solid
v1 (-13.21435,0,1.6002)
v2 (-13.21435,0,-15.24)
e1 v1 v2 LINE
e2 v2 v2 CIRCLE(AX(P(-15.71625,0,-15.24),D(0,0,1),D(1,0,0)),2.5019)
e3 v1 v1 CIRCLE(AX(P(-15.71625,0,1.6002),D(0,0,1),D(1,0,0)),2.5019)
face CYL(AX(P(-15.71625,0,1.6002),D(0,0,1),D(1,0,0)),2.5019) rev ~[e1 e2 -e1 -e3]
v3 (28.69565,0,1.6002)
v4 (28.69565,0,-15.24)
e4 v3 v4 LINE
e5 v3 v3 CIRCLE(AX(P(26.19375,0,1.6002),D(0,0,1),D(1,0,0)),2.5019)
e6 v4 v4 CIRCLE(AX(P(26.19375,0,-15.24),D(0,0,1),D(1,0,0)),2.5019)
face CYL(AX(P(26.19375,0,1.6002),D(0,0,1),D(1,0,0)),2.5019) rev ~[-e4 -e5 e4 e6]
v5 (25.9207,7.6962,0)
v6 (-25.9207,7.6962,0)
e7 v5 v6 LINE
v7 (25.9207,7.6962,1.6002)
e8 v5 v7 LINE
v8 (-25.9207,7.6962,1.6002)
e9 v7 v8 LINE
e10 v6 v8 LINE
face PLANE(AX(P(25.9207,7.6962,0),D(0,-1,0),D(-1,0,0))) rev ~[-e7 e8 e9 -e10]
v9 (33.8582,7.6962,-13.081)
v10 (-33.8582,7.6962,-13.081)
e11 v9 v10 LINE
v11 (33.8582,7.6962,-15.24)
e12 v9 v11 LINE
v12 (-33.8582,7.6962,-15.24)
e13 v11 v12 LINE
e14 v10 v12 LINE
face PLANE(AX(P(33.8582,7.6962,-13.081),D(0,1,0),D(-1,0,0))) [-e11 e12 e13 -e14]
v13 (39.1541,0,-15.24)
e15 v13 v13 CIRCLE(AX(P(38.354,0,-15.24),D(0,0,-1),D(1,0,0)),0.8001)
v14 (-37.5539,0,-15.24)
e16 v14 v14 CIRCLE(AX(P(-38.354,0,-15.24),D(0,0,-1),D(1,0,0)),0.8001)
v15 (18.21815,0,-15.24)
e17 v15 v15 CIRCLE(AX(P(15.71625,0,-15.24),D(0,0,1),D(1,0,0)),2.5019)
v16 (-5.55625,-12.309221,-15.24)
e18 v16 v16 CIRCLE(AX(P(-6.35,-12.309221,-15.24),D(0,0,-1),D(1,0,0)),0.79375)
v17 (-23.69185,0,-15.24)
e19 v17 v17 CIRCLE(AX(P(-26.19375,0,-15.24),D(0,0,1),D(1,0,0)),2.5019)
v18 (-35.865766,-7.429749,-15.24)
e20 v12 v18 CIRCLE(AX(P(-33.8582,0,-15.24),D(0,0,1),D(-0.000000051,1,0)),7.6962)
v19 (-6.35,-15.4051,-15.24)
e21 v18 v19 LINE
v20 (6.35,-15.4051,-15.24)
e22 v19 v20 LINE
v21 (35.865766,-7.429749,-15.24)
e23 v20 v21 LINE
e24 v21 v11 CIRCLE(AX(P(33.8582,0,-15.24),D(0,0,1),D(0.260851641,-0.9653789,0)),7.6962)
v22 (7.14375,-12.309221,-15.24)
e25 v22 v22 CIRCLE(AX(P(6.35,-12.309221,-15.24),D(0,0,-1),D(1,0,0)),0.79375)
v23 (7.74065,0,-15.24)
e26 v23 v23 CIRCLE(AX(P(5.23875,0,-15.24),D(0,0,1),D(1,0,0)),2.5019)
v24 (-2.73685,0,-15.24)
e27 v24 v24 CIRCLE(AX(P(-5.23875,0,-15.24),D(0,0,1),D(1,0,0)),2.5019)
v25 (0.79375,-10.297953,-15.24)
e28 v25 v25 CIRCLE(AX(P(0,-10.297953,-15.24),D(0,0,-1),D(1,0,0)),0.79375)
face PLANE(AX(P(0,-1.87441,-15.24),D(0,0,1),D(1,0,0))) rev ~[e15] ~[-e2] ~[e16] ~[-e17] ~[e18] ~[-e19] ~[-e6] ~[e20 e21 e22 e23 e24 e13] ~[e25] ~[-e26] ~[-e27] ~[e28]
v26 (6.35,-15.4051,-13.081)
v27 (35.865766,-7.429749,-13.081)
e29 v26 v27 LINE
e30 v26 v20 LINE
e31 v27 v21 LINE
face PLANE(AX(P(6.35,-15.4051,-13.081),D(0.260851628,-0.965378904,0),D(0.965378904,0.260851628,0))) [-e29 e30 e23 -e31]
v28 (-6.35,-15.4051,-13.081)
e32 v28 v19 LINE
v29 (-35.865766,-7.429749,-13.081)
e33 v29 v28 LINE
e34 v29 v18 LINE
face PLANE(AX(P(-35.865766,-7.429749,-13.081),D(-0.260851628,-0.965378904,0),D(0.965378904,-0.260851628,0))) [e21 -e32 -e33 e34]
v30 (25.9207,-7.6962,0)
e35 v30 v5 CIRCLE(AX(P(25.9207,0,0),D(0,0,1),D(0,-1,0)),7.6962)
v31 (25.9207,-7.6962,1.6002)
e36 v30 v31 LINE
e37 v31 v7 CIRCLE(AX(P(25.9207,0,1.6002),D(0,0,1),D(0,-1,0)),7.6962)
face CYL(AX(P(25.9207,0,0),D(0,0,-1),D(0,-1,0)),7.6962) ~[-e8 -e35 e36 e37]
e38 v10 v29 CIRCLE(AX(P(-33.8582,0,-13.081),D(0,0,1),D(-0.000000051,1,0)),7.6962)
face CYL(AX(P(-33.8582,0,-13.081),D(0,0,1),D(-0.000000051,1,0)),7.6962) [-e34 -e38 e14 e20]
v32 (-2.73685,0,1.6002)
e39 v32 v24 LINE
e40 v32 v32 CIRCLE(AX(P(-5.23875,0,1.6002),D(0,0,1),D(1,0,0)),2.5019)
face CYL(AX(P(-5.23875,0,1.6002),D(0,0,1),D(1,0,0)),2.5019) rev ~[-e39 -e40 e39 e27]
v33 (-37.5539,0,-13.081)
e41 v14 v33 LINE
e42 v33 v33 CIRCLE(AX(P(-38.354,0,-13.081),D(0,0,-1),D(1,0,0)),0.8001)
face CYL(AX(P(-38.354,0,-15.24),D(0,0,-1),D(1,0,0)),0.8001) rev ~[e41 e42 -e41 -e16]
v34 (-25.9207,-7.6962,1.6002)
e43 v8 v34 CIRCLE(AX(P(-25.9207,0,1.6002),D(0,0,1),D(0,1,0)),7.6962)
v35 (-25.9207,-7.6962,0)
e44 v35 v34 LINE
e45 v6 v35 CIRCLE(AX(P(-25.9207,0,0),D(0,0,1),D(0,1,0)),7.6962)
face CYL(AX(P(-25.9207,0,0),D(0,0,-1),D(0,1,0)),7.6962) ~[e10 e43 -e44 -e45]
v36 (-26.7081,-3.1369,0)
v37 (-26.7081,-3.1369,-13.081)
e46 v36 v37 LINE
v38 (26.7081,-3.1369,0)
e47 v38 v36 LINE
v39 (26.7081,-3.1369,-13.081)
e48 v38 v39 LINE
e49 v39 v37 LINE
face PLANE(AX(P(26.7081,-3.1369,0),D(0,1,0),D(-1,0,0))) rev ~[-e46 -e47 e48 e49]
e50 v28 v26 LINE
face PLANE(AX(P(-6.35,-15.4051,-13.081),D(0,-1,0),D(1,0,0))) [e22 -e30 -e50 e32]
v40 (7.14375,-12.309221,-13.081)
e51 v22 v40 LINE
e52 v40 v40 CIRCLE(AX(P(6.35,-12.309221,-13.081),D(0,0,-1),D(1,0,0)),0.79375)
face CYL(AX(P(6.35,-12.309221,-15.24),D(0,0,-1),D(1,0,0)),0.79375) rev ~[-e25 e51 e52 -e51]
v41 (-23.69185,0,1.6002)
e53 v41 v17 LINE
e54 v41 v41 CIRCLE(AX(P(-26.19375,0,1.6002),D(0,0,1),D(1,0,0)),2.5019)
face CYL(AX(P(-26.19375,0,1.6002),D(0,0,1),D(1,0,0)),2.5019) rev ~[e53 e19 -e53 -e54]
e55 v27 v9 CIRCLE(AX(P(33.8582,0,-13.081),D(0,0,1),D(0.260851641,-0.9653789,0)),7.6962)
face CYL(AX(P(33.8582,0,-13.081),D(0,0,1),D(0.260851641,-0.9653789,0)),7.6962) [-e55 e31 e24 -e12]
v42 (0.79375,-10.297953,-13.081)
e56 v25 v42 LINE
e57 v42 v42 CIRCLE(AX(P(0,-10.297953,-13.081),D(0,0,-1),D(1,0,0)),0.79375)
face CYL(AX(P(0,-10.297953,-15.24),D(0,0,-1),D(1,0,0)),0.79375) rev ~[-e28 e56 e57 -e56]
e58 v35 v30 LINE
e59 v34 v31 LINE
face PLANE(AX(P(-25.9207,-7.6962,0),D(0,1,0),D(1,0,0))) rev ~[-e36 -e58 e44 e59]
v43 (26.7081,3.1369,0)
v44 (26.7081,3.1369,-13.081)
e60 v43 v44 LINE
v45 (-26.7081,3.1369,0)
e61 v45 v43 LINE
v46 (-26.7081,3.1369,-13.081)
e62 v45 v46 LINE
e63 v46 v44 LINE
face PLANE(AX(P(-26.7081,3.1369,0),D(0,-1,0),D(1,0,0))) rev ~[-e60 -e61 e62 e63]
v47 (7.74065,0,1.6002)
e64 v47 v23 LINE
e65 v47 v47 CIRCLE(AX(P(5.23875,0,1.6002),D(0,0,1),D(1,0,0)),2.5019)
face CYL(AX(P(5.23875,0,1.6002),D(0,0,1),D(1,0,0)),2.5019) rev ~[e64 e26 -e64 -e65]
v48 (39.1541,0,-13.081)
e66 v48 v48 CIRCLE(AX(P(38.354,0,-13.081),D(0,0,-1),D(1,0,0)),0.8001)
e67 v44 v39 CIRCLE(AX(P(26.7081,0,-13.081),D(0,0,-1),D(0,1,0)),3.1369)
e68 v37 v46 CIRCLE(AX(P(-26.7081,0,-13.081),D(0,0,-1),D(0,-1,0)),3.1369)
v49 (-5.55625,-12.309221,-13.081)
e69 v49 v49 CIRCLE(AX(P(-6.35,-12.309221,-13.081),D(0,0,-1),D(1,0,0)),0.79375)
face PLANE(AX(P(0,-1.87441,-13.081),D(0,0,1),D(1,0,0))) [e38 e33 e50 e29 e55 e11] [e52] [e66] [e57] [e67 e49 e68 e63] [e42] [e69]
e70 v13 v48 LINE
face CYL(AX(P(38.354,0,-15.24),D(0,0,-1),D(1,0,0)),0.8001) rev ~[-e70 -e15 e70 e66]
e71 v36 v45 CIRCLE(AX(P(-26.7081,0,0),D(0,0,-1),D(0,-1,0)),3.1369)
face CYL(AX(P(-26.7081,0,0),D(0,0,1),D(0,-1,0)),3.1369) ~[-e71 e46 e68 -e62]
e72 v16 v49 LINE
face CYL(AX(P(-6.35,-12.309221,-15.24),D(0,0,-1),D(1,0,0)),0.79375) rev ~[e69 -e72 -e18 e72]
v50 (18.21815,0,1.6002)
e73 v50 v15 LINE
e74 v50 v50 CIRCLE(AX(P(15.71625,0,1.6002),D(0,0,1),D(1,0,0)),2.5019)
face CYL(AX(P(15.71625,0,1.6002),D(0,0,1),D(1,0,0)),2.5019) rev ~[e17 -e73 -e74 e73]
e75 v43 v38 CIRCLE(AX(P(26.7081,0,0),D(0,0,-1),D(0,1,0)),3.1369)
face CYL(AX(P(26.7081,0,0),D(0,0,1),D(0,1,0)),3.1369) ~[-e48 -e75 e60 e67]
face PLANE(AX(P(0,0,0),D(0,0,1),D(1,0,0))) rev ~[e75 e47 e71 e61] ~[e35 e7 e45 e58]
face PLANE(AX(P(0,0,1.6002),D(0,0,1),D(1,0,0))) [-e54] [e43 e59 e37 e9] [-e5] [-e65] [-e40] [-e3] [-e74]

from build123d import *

# Parameters (mm, degrees)
F1_DEPTH  = 1.6002
F4_DEPTH  = 2.159
F6_DEPTH  = 13.081
F7_R      = 2.5019
F8_DEPTH  = 16.8412
F9_R      = 0.8001
F9_R_2    = 0.79375
F10_DEPTH = 16.8412


with BuildPart() as f1:
    # F0 (on Top) → F1 (new body)
    with BuildSketch(Plane.XY):
        with BuildLine():
            Line((1.433722, 7.6962), (-1.433722, 7.6962))
            Line((-1.433722, 7.6962), (-25.9207, 7.6962))
            ThreePointArc((-25.9207, 7.6962), (-33.6169, 0), (-25.9207, -7.6962))
            Line((-25.9207, -7.6962), (-1.433722, -7.6962))
            Line((-1.433722, -7.6962), (1.433722, -7.6962))
            Line((1.433722, -7.6962), (25.9207, -7.6962))
            ThreePointArc((25.9207, -7.6962), (33.6169, 0), (25.9207, 7.6962))
            Line((25.9207, 7.6962), (1.433722, 7.6962))
        make_face()
    extrude(amount=F1_DEPTH)



with BuildPart() as f4:
    # F3 (on offset) → F4 (new body)
    with BuildSketch(Plane.XY.offset(-13.081)):
        with BuildLine():
            Line((-35.865766, -7.429749), (-6.35, -15.4051))
            Line((-6.35, -15.4051), (6.35, -15.4051))
            Line((6.35, -15.4051), (35.865766, -7.429749))
            ThreePointArc((35.865766, -7.429749), (41.487496, 1.012586), (33.8582, 7.6962))
            Line((33.8582, 7.6962), (0, 7.6962))
            Line((0, 7.6962), (-33.8582, 7.6962))
            ThreePointArc((-33.8582, 7.6962), (-41.487496, 1.012586), (-35.865766, -7.429749))
        make_face()
    extrude(amount=-F4_DEPTH)


with BuildPart() as f1_1:
    add(f1.part)

    add(f4.part)  # F6 merges F4
    # F5 (on face) → F6 (join, through all)
    with BuildSketch(Plane(origin=(0, 0, 0), x_dir=(1, 0, 0), z_dir=(0, 0, -1))):
        with BuildLine():
            Line((0, -3.1369), (26.7081, -3.1369))
            ThreePointArc((26.7081, -3.1369), (29.845, 0), (26.7081, 3.1369))
            Line((26.7081, 3.1369), (0, 3.1369))
            Line((0, 3.1369), (-26.7081, 3.1369))
            ThreePointArc((-26.7081, 3.1369), (-29.845, 0), (-26.7081, -3.1369))
            Line((-26.7081, -3.1369), (0, -3.1369))
        make_face()
    extrude(amount=F6_DEPTH)

    # F7 (on face) → F8 (cut, through all)
    with BuildSketch(Plane.XY.offset(1.6002)):
        with Locations((-5.23875, 0)):
            Circle(F7_R)
        with Locations((-15.71625, 0)):
            Circle(F7_R)
        with Locations((-26.19375, 0)):
            Circle(F7_R)
        with Locations((5.23875, 0)):
            Circle(F7_R)
        with Locations((15.71625, 0)):
            Circle(F7_R)
        with Locations((26.19375, 0)):
            Circle(F7_R)
    extrude(amount=-F8_DEPTH, mode=Mode.SUBTRACT)

    # F9 (on face) → F10 (cut, through all)
    with BuildSketch(Plane(origin=(0, 0, -15.24), x_dir=(1, 0, 0), z_dir=(0, 0, -1))):
        with Locations((38.354, 0)):
            Circle(F9_R)
        with Locations((-38.354, 0)):
            Circle(F9_R)
        with Locations((-6.35, 12.309221)):
            Circle(F9_R_2)
        with Locations((0, 10.297953)):
            Circle(F9_R_2)
        with Locations((6.35, 12.309221)):
            Circle(F9_R_2)
    extrude(amount=-F10_DEPTH, mode=Mode.SUBTRACT)


solid = f1_1.part
